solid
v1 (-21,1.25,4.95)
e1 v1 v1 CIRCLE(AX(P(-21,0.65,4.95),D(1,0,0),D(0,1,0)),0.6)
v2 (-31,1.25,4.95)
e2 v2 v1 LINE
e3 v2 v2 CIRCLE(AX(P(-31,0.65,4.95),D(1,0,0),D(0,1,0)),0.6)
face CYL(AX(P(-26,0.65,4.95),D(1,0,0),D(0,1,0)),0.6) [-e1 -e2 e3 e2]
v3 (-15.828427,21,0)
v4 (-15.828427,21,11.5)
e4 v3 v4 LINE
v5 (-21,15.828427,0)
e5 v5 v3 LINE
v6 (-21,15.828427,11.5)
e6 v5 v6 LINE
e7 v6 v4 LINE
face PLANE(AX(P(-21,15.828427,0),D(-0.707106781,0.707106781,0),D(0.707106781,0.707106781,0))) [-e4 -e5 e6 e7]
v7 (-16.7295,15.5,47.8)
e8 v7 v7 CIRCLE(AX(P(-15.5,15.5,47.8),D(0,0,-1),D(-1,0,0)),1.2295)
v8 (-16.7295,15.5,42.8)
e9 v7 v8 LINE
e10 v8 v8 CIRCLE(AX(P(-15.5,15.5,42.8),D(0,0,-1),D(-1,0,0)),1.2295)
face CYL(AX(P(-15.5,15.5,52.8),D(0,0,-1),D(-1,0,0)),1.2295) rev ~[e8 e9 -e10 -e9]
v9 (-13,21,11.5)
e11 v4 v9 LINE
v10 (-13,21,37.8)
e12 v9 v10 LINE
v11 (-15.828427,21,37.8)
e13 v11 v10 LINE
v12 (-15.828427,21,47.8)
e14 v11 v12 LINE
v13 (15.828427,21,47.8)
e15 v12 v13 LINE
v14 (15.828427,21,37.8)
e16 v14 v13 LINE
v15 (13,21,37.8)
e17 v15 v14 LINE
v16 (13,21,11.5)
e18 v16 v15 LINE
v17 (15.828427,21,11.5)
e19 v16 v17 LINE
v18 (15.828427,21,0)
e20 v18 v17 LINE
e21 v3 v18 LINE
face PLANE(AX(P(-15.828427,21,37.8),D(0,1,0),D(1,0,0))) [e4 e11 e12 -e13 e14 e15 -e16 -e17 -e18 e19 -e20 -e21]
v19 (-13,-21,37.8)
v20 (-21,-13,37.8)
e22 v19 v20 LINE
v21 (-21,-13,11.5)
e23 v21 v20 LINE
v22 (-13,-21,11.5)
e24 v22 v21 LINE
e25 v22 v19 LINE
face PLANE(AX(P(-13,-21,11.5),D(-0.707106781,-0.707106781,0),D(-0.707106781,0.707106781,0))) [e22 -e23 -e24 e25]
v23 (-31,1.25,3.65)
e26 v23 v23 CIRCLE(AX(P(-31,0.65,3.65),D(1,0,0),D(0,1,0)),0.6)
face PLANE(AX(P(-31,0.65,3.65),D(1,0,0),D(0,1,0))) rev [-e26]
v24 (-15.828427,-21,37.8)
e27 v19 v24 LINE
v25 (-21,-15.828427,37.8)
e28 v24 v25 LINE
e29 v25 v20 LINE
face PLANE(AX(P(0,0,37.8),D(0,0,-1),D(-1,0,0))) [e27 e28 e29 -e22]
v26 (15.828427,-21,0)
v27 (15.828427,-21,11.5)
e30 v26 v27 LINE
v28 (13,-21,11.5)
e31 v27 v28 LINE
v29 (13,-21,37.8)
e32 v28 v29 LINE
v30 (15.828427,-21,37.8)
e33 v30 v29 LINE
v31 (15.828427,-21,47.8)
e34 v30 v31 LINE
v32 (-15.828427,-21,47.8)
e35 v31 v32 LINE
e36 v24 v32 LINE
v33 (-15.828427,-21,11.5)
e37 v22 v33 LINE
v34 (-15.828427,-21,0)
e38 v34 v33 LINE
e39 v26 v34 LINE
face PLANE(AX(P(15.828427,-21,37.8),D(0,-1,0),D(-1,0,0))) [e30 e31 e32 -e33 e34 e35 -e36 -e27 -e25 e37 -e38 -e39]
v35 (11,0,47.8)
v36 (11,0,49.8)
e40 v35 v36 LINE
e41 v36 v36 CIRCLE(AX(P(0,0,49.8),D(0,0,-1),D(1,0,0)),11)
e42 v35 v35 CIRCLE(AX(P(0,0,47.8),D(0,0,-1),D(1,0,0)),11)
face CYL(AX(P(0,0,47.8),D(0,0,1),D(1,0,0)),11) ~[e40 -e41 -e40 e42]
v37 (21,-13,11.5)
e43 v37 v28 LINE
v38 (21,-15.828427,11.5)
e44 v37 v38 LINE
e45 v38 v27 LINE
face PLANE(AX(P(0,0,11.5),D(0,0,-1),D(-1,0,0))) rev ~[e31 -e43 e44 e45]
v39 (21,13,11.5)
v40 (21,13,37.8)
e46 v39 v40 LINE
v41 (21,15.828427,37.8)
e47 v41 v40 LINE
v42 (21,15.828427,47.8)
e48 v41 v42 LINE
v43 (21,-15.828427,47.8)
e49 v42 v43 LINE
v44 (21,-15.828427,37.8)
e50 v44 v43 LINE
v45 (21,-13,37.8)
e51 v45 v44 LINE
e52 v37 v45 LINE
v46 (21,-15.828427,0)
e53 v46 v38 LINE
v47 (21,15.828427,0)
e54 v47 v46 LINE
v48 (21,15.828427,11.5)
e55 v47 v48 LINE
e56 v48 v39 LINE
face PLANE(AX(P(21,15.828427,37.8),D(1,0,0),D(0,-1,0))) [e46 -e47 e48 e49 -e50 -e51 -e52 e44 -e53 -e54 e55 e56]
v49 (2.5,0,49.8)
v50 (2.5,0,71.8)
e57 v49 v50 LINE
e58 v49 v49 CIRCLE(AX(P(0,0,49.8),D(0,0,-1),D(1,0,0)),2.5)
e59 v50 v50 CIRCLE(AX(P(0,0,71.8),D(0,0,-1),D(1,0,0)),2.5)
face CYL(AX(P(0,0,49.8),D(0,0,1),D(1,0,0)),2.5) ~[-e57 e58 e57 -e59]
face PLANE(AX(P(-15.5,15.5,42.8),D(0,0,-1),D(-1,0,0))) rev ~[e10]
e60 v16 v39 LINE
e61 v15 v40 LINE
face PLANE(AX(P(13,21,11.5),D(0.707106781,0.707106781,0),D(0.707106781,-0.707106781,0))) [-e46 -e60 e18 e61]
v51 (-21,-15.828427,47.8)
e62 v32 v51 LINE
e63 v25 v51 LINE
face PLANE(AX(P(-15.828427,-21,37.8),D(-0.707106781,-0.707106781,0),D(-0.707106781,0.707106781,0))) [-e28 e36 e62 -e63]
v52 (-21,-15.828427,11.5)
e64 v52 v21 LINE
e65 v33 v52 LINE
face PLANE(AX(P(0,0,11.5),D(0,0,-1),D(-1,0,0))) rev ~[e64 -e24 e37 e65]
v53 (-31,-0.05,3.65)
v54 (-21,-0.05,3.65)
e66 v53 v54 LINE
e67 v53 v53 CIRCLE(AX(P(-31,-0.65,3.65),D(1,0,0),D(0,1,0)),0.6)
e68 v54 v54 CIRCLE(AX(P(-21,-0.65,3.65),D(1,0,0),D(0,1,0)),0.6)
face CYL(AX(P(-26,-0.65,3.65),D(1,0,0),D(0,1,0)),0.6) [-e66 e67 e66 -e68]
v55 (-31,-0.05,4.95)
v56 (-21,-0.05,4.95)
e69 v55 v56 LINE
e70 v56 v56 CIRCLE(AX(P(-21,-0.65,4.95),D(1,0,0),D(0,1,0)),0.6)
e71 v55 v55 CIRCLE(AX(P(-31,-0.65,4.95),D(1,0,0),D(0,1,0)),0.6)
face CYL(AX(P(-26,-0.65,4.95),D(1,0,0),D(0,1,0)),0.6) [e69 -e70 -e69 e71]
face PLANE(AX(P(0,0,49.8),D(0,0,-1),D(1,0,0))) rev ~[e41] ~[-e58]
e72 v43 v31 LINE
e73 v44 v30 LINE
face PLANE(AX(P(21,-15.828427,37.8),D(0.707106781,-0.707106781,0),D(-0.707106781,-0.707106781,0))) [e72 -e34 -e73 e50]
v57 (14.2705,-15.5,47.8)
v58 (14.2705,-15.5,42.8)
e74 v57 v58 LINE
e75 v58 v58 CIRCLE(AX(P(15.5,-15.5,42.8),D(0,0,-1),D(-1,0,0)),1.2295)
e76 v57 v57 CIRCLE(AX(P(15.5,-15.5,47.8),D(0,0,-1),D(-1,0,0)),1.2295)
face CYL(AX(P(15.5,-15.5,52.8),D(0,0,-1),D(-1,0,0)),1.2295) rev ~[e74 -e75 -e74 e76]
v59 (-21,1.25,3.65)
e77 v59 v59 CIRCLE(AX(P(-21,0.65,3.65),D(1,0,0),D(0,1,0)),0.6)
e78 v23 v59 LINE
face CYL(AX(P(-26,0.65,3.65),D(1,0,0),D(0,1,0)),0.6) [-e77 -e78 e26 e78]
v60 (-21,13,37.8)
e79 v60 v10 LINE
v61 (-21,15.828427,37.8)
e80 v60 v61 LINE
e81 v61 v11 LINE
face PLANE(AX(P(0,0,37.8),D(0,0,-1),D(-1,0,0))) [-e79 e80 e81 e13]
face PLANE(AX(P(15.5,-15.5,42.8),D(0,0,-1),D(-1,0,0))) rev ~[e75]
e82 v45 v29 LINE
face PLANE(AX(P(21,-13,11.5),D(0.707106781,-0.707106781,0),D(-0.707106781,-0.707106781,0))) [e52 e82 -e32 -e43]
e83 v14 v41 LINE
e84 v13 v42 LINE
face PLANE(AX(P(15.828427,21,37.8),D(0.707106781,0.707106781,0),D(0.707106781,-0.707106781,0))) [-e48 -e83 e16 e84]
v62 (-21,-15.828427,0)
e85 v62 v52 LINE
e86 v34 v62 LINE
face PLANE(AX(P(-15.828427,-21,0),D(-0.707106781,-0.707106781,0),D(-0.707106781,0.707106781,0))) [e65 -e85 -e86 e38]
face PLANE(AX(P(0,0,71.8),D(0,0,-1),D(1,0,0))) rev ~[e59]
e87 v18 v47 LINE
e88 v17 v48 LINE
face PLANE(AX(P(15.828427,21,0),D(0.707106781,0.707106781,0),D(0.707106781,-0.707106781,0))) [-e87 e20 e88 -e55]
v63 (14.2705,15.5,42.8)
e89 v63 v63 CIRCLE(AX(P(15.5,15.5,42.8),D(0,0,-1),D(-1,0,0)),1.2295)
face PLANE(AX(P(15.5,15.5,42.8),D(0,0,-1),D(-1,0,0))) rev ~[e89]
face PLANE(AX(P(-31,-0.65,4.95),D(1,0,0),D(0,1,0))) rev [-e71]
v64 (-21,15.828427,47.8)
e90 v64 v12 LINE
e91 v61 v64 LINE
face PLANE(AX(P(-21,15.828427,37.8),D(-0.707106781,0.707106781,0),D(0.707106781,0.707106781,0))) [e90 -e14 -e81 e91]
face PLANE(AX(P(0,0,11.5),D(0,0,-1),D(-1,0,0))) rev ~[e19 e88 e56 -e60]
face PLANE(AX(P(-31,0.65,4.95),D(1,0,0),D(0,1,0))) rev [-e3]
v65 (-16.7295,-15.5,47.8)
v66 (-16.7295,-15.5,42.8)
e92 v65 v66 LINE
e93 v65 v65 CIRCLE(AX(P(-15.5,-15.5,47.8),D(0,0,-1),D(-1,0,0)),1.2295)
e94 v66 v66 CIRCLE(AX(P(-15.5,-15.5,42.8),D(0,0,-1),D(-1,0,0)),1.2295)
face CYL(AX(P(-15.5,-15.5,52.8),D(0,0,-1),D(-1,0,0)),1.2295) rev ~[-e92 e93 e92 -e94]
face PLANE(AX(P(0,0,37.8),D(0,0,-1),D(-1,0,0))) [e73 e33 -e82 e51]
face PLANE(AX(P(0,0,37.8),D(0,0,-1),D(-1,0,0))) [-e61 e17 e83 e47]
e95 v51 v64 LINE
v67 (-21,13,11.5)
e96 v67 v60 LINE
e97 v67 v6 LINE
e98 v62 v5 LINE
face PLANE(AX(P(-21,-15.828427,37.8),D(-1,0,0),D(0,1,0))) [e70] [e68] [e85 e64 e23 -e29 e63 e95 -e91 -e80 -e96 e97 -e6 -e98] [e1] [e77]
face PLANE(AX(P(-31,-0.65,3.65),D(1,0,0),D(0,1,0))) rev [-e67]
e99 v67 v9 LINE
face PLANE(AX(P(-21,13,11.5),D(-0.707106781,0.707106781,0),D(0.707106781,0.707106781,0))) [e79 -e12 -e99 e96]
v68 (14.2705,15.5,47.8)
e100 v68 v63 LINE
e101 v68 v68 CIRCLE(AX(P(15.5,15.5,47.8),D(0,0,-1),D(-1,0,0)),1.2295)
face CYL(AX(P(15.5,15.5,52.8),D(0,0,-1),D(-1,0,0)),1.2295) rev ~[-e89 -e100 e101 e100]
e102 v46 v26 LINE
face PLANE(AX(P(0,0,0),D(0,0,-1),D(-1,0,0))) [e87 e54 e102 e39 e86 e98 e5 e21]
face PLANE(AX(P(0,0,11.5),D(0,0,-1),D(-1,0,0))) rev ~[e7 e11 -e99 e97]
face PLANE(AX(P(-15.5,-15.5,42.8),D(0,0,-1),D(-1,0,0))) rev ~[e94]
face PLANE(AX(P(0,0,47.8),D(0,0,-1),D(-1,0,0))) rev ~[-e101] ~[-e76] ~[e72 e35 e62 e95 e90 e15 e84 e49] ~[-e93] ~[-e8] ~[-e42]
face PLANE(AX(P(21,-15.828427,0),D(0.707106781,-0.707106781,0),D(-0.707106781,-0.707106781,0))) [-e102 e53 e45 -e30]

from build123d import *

# Parameters (mm, degrees)
BOSS_EXTRUDE1_DEPTH = 11.5
BOSS_EXTRUDE2_DEPTH = 26.3
BOSS_EXTRUDE3_DEPTH = 10
SKETCH4_W           = 10
SKETCH4_H           = 0.6
SKETCH5_W           = 10
SKETCH5_H           = 0.6
SKETCH6_W           = 10
SKETCH6_H           = 0.6
SKETCH7_W           = 10
SKETCH7_H           = 0.6
HOLE1_D             = 2.459
HOLE1_DEPTH         = 5
HOLE2_D             = 2.459
HOLE2_DEPTH         = 5
HOLE3_D             = 2.459
HOLE3_DEPTH         = 5
HOLE4_D             = 2.459
HOLE4_DEPTH         = 5


with BuildPart() as part:
    # Sketch1 → Boss-Extrude1 (new body)
    with BuildSketch(Plane(origin=(0, 0, 0), x_dir=(-1, 0, 0), z_dir=(0, 0, -1))):
        Polygon((-15.828427125, 21), (-21, 15.828427125), (-21, -15.828427125), (-15.828427125, -21), (15.828427125, -21), (21, -15.828427125), (21, 15.828427125), (15.828427125, 21), align=None)
    extrude(amount=-BOSS_EXTRUDE1_DEPTH)

    # Sketch2 → Boss-Extrude2 (add)
    with BuildSketch(Plane.XY.offset(11.5)):
        Polygon((13, -21), (-13, -21), (-21, -13), (-21, 13), (-13, 21), (13, 21), (21, 13), (21, -13), align=None)
    extrude(amount=BOSS_EXTRUDE2_DEPTH)

    # Sketch3 → Boss-Extrude3 (add)
    with BuildSketch(Plane.XY.offset(37.8)):
        Polygon((15.828427125, 21), (21, 15.828427125), (21, -15.828427125), (15.828427125, -21), (-15.828427125, -21), (-21, -15.828427125), (-21, 15.828427125), (-15.828427125, 21), align=None)
    extrude(amount=BOSS_EXTRUDE3_DEPTH)

    # Sketch4 → Revolve1 (revolve)
    with BuildSketch(Plane.XY.offset(3.65)):
        with Locations((-26, 0.95)):
            Rectangle(SKETCH4_W, SKETCH4_H)
    revolve(axis=Axis((-31, 0.65, 3.65), (1, 0, 0)))

    # Sketch5 → Revolve2 (revolve)
    with BuildSketch(Plane.XY.offset(3.65)):
        with Locations((-26, -0.35)):
            Rectangle(SKETCH5_W, SKETCH5_H)
    revolve(axis=Axis((-31, -0.65, 3.65), (1, 0, 0)))

    # Sketch6 → Revolve3 (revolve)
    with BuildSketch(Plane.XY.offset(4.95)):
        with Locations((-26, -0.35)):
            Rectangle(SKETCH6_W, SKETCH6_H)
    revolve(axis=Axis((-31, -0.65, 4.95), (1, 0, 0)))

    # Sketch7 → Revolve4 (revolve)
    with BuildSketch(Plane.XY.offset(4.95)):
        with Locations((-26, 0.95)):
            Rectangle(SKETCH7_W, SKETCH7_H)
    revolve(axis=Axis((-31, 0.65, 4.95), (1, 0, 0)))

    # Sketch8 → Revolve5 (revolve)
    with BuildSketch(Plane.XZ):
        Polygon((2.5, 71.8), (0, 71.8), (0, 47.8), (11, 47.8), (11, 49.8), (2.5, 49.8), align=None)
    revolve(axis=Axis((0, 0, 71.8), (0, 0, -1)))

    # Hole1
    with Locations(Plane.XY.offset(47.8)):
        with Locations((-15.5, 15.5)):
            Hole(HOLE1_D / 2, depth=HOLE1_DEPTH)

    # Hole2
    with Locations(Plane.XY.offset(47.8)):
        with Locations((-15.5, -15.5)):
            Hole(HOLE2_D / 2, depth=HOLE2_DEPTH)

    # Hole3
    with Locations(Plane.XY.offset(47.8)):
        with Locations((15.5, 15.5)):
            Hole(HOLE3_D / 2, depth=HOLE3_DEPTH)

    # Hole4
    with Locations(Plane.XY.offset(47.8)):
        with Locations((15.5, -15.5)):
            Hole(HOLE4_D / 2, depth=HOLE4_DEPTH)


solid = part.part
